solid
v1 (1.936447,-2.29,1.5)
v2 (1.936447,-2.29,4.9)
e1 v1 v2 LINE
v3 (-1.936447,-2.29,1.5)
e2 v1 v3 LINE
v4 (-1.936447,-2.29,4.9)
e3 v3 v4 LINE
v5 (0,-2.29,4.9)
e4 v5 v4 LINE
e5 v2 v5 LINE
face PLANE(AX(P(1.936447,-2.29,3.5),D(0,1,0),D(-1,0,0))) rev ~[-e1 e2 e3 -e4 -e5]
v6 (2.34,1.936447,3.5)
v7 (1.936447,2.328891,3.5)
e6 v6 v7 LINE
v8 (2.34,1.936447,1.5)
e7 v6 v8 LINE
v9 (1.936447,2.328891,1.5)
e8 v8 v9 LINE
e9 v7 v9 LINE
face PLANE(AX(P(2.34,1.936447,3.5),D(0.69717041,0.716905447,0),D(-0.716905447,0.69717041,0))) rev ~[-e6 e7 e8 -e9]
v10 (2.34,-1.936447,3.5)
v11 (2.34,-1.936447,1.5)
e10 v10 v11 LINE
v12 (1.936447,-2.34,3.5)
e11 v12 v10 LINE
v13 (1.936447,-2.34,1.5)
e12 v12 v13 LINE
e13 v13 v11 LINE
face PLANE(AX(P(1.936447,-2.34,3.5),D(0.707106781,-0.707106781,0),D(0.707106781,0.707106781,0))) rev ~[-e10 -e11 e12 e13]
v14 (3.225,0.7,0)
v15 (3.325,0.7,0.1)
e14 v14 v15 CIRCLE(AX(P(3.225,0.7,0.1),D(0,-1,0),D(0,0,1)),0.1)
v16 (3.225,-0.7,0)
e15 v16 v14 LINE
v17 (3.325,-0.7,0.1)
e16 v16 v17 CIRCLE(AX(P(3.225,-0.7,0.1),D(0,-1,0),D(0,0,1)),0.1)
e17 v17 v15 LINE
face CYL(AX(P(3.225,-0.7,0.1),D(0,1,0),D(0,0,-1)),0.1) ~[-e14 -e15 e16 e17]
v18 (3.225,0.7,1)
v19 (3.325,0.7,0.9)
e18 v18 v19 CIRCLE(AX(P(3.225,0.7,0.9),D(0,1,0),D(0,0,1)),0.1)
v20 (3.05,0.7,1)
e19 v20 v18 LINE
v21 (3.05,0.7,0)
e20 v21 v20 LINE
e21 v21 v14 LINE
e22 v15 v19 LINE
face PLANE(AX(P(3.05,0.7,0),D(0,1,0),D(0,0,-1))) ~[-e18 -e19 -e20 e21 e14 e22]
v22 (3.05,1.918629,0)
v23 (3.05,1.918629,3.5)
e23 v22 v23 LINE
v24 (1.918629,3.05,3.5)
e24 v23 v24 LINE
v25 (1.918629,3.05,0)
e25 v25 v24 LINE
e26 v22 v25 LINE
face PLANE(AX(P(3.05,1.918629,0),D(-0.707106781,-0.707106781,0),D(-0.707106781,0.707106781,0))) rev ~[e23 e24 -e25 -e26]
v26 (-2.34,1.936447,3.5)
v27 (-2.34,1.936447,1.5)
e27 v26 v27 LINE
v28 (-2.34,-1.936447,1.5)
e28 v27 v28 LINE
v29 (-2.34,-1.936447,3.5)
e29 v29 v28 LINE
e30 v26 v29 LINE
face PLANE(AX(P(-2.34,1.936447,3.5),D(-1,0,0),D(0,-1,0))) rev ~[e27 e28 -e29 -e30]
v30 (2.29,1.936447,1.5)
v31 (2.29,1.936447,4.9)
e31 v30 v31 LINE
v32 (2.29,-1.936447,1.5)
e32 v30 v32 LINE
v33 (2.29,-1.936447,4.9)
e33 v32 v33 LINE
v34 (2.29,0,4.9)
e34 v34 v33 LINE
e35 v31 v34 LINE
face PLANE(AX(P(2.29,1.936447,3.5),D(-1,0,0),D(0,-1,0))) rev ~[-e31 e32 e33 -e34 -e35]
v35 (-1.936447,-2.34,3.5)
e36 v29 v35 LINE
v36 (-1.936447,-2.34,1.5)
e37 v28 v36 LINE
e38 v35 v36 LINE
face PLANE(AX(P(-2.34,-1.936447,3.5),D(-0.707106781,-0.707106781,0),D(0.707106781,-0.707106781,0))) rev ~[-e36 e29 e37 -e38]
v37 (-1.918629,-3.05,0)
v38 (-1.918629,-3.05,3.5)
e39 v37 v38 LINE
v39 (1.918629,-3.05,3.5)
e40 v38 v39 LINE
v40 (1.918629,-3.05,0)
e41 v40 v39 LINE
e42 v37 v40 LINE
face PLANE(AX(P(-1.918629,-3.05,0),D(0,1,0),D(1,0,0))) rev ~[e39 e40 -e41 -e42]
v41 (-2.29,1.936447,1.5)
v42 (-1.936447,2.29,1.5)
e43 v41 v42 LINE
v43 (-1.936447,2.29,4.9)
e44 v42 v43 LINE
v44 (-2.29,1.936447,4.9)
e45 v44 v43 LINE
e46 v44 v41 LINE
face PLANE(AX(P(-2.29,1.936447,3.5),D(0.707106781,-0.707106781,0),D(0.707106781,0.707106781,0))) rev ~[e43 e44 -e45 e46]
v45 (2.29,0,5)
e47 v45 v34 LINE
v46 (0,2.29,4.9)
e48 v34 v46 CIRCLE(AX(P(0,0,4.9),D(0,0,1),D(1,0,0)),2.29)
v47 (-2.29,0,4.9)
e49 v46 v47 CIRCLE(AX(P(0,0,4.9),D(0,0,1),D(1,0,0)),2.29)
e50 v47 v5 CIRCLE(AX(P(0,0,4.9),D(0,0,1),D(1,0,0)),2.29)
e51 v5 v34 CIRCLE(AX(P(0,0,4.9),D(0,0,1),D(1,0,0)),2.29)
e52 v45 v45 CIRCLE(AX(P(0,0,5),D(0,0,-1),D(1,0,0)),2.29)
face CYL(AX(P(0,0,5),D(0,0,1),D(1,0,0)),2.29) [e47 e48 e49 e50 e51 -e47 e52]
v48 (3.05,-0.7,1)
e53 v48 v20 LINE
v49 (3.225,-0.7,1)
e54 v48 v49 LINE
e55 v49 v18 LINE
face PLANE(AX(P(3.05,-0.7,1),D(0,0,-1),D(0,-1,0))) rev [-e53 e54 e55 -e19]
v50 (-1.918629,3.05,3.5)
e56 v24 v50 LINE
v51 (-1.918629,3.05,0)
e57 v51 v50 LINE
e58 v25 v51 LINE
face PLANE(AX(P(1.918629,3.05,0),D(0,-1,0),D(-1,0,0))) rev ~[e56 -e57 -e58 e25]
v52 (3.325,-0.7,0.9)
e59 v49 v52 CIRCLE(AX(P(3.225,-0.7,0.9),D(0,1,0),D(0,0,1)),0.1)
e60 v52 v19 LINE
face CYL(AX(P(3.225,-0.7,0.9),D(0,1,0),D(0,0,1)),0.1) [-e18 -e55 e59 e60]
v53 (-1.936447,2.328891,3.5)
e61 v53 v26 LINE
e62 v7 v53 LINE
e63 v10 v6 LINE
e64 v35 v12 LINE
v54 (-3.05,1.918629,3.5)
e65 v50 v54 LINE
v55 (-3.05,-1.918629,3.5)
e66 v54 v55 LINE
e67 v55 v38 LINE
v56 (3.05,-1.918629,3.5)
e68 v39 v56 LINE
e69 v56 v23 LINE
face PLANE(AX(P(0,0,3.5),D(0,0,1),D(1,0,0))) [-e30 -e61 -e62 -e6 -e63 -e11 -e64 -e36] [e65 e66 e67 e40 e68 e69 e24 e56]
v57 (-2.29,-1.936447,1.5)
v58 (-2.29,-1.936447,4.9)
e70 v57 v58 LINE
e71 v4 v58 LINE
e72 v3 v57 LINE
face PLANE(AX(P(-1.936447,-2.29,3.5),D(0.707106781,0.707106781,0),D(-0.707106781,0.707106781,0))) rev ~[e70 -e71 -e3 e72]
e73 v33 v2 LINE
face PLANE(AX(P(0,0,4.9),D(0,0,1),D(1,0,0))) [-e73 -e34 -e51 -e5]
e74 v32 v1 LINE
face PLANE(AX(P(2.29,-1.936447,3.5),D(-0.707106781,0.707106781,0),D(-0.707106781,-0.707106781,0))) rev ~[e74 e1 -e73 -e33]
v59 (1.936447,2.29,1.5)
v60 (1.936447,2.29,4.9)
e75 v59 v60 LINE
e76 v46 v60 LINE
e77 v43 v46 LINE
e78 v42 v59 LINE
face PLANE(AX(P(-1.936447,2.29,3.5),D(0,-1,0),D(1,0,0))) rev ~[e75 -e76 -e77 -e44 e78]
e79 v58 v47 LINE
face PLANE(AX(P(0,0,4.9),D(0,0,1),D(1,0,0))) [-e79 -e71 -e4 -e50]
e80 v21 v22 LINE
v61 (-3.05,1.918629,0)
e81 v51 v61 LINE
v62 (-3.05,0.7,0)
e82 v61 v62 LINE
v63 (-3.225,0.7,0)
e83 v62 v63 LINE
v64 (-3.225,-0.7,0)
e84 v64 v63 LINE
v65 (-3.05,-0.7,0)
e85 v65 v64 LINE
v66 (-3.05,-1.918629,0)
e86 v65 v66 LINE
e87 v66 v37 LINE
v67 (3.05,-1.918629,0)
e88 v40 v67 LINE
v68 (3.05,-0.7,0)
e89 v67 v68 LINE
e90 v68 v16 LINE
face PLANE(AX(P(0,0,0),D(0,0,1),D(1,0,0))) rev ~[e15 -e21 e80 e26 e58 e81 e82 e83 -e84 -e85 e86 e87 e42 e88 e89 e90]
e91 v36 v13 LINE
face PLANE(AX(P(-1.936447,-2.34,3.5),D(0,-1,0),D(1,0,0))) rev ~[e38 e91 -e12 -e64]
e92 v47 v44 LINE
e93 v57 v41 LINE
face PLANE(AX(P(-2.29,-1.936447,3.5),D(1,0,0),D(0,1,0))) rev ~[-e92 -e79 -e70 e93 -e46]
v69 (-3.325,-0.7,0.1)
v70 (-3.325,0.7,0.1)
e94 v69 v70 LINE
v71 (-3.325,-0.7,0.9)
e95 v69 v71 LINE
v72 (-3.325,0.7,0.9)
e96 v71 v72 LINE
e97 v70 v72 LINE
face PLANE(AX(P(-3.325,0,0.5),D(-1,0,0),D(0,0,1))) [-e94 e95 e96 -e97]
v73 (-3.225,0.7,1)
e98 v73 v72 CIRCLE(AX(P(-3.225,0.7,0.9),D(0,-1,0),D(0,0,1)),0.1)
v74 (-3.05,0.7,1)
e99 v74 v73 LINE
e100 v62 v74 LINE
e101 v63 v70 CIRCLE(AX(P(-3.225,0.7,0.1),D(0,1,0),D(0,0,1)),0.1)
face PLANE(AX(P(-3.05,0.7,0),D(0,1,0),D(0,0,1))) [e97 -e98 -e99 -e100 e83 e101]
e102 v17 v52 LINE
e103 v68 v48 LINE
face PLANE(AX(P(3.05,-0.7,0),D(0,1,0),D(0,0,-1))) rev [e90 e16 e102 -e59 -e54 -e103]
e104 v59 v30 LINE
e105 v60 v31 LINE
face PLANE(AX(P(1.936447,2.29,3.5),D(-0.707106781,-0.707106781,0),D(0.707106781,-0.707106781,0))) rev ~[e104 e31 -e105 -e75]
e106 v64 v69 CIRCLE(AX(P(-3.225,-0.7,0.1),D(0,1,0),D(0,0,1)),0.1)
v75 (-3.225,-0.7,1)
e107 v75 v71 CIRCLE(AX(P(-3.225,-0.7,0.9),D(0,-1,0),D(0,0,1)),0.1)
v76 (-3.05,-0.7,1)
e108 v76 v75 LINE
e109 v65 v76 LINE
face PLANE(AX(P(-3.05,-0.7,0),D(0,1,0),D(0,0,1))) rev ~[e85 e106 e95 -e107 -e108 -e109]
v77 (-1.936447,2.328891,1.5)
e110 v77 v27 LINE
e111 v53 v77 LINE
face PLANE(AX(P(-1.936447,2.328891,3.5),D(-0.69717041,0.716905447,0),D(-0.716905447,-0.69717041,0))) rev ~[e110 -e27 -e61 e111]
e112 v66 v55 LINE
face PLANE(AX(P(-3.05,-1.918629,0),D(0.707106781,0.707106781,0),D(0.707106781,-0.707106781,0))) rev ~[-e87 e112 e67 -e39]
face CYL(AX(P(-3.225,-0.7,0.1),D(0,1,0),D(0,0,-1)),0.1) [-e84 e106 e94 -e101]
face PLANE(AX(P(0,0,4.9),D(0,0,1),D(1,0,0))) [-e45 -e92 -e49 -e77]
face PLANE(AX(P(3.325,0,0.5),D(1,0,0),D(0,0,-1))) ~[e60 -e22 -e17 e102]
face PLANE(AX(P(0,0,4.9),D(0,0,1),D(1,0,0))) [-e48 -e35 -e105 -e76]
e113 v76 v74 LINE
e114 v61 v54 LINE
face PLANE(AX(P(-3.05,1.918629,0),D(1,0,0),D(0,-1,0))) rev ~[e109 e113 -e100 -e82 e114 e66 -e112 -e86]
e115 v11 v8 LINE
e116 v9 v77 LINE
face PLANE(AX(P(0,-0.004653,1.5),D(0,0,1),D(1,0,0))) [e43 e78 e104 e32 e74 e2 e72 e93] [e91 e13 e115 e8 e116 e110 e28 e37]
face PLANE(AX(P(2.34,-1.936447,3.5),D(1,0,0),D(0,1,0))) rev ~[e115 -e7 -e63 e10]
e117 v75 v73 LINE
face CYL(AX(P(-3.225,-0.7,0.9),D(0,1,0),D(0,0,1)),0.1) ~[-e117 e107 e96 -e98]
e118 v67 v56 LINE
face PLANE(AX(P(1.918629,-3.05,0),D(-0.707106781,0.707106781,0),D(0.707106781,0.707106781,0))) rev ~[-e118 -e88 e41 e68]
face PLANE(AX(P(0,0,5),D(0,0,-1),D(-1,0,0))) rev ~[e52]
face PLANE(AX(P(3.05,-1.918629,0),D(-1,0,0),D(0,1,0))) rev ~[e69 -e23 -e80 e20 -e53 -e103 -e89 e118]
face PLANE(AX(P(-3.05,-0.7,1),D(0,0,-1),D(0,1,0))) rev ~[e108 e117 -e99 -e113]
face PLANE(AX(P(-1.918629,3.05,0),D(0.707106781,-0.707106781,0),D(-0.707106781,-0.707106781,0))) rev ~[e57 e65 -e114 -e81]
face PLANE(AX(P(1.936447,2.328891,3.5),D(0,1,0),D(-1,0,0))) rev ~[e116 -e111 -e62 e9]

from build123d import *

# Parameters (mm, degrees)
EXTRUDE_1_DEPTH        = 3.5
EXTRUDE_2_DEPTH        = 1.5
SKETCH_3_OUTSIDE_W     = 10.094
SKETCH_3_OUTSIDE_H     = 10.094
SKETCH_3_OUTSIDE_R     = 2.29
CUT_EXTRUDE_1_DEPTH    = 0.1
SKETCH_4_W             = 1
SKETCH_4_H             = 1.4
EXTRUDE_3_DEPTH        = 0.275
FILLET_1_R             = 0.1
FILLET_1_OF_MIRROR_1_R = 0.1
CUT_EXTRUDE_2_DEPTH    = 2


with BuildPart() as part:
    # 草图1 → 凸台-拉伸1 (new body)
    with BuildSketch(Plane.XY):
        Polygon((-1.91862915, -3.05), (1.91862915, -3.05), (3.05, -1.91862915), (3.05, 1.91862915), (1.91862915, 3.05), (-1.91862915, 3.05), (-3.05, 1.91862915), (-3.05, -1.91862915), align=None)
    extrude(amount=EXTRUDE_1_DEPTH)

    # 草图2 → 凸台-拉伸2 (add)
    with BuildSketch(Plane.XY.offset(3.5)):
        Polygon((2.29, -1.936446609), (1.936446609, -2.29), (-1.936446609, -2.29), (-2.29, -1.936446609), (-2.29, 1.936446609), (-1.936446609, 2.29), (1.936446609, 2.29), (2.29, 1.936446609), align=None)
    extrude(amount=EXTRUDE_2_DEPTH)

    # 草图3 outside → 切除-拉伸1 (cut)
    with BuildSketch(Plane.XY.offset(5)):
        Rectangle(SKETCH_3_OUTSIDE_W, SKETCH_3_OUTSIDE_H)
        Circle(SKETCH_3_OUTSIDE_R, mode=Mode.SUBTRACT)
    cut_extrude_1 = extrude(amount=-CUT_EXTRUDE_1_DEPTH, mode=Mode.SUBTRACT)

    # 草图4 → 凸台-拉伸3 (add)
    with BuildSketch(Plane.ZY.offset(3.05)):
        with Locations((0.5, 0)):
            Rectangle(SKETCH_4_W, SKETCH_4_H)
    extrude_3 = extrude(amount=EXTRUDE_3_DEPTH)

    # 圆角1
    fillet_1_edges = [part.edges().sort_by_distance(p)[0] for p in [
        (-3.325, 0, 1),
        (-3.325, 0, 0),
    ]]
    fillet(fillet_1_edges, radius=FILLET_1_R)

    # 镜向1: 切除-拉伸1, 凸台-拉伸3 across plane
    add(cut_extrude_1.mirror(Plane(origin=(0, 0, 0), x_dir=(0, 0, 1), z_dir=(1, 0, 0))), mode=Mode.SUBTRACT)
    add(extrude_3.mirror(Plane(origin=(0, 0, 0), x_dir=(0, 0, 1), z_dir=(1, 0, 0))))

    # 圆角1 of 镜向1
    fillet_1_of_mirror_1_edges = [part.edges().sort_by_distance(p)[0] for p in [
        (3.325, 0, 1),
        (3.325, 0, 0),
    ]]
    fillet(fillet_1_of_mirror_1_edges, radius=FILLET_1_OF_MIRROR_1_R)

    # 草图5 → 切除-拉伸2 (cut)
    with BuildSketch(Plane.XY.offset(3.5)):
        Polygon((-2.34, 1.936446609), (-2.34, -1.936446609), (-1.936446609, -2.34), (1.936446609, -2.34), (2.34, -1.936446609), (2.34, 1.936446609), (1.936446609, 2.328890946), (-1.936446609, 2.328890946), align=None)
        Polygon((-2.29, 1.936446609), (-1.936446609, 2.29), (1.936446609, 2.29), (2.29, 1.936446609), (2.29, -1.936446609), (1.936446609, -2.29), (-1.936446609, -2.29), (-2.29, -1.936446609), align=None, mode=Mode.SUBTRACT)
    extrude(amount=-CUT_EXTRUDE_2_DEPTH, mode=Mode.SUBTRACT)


solid = part.part
